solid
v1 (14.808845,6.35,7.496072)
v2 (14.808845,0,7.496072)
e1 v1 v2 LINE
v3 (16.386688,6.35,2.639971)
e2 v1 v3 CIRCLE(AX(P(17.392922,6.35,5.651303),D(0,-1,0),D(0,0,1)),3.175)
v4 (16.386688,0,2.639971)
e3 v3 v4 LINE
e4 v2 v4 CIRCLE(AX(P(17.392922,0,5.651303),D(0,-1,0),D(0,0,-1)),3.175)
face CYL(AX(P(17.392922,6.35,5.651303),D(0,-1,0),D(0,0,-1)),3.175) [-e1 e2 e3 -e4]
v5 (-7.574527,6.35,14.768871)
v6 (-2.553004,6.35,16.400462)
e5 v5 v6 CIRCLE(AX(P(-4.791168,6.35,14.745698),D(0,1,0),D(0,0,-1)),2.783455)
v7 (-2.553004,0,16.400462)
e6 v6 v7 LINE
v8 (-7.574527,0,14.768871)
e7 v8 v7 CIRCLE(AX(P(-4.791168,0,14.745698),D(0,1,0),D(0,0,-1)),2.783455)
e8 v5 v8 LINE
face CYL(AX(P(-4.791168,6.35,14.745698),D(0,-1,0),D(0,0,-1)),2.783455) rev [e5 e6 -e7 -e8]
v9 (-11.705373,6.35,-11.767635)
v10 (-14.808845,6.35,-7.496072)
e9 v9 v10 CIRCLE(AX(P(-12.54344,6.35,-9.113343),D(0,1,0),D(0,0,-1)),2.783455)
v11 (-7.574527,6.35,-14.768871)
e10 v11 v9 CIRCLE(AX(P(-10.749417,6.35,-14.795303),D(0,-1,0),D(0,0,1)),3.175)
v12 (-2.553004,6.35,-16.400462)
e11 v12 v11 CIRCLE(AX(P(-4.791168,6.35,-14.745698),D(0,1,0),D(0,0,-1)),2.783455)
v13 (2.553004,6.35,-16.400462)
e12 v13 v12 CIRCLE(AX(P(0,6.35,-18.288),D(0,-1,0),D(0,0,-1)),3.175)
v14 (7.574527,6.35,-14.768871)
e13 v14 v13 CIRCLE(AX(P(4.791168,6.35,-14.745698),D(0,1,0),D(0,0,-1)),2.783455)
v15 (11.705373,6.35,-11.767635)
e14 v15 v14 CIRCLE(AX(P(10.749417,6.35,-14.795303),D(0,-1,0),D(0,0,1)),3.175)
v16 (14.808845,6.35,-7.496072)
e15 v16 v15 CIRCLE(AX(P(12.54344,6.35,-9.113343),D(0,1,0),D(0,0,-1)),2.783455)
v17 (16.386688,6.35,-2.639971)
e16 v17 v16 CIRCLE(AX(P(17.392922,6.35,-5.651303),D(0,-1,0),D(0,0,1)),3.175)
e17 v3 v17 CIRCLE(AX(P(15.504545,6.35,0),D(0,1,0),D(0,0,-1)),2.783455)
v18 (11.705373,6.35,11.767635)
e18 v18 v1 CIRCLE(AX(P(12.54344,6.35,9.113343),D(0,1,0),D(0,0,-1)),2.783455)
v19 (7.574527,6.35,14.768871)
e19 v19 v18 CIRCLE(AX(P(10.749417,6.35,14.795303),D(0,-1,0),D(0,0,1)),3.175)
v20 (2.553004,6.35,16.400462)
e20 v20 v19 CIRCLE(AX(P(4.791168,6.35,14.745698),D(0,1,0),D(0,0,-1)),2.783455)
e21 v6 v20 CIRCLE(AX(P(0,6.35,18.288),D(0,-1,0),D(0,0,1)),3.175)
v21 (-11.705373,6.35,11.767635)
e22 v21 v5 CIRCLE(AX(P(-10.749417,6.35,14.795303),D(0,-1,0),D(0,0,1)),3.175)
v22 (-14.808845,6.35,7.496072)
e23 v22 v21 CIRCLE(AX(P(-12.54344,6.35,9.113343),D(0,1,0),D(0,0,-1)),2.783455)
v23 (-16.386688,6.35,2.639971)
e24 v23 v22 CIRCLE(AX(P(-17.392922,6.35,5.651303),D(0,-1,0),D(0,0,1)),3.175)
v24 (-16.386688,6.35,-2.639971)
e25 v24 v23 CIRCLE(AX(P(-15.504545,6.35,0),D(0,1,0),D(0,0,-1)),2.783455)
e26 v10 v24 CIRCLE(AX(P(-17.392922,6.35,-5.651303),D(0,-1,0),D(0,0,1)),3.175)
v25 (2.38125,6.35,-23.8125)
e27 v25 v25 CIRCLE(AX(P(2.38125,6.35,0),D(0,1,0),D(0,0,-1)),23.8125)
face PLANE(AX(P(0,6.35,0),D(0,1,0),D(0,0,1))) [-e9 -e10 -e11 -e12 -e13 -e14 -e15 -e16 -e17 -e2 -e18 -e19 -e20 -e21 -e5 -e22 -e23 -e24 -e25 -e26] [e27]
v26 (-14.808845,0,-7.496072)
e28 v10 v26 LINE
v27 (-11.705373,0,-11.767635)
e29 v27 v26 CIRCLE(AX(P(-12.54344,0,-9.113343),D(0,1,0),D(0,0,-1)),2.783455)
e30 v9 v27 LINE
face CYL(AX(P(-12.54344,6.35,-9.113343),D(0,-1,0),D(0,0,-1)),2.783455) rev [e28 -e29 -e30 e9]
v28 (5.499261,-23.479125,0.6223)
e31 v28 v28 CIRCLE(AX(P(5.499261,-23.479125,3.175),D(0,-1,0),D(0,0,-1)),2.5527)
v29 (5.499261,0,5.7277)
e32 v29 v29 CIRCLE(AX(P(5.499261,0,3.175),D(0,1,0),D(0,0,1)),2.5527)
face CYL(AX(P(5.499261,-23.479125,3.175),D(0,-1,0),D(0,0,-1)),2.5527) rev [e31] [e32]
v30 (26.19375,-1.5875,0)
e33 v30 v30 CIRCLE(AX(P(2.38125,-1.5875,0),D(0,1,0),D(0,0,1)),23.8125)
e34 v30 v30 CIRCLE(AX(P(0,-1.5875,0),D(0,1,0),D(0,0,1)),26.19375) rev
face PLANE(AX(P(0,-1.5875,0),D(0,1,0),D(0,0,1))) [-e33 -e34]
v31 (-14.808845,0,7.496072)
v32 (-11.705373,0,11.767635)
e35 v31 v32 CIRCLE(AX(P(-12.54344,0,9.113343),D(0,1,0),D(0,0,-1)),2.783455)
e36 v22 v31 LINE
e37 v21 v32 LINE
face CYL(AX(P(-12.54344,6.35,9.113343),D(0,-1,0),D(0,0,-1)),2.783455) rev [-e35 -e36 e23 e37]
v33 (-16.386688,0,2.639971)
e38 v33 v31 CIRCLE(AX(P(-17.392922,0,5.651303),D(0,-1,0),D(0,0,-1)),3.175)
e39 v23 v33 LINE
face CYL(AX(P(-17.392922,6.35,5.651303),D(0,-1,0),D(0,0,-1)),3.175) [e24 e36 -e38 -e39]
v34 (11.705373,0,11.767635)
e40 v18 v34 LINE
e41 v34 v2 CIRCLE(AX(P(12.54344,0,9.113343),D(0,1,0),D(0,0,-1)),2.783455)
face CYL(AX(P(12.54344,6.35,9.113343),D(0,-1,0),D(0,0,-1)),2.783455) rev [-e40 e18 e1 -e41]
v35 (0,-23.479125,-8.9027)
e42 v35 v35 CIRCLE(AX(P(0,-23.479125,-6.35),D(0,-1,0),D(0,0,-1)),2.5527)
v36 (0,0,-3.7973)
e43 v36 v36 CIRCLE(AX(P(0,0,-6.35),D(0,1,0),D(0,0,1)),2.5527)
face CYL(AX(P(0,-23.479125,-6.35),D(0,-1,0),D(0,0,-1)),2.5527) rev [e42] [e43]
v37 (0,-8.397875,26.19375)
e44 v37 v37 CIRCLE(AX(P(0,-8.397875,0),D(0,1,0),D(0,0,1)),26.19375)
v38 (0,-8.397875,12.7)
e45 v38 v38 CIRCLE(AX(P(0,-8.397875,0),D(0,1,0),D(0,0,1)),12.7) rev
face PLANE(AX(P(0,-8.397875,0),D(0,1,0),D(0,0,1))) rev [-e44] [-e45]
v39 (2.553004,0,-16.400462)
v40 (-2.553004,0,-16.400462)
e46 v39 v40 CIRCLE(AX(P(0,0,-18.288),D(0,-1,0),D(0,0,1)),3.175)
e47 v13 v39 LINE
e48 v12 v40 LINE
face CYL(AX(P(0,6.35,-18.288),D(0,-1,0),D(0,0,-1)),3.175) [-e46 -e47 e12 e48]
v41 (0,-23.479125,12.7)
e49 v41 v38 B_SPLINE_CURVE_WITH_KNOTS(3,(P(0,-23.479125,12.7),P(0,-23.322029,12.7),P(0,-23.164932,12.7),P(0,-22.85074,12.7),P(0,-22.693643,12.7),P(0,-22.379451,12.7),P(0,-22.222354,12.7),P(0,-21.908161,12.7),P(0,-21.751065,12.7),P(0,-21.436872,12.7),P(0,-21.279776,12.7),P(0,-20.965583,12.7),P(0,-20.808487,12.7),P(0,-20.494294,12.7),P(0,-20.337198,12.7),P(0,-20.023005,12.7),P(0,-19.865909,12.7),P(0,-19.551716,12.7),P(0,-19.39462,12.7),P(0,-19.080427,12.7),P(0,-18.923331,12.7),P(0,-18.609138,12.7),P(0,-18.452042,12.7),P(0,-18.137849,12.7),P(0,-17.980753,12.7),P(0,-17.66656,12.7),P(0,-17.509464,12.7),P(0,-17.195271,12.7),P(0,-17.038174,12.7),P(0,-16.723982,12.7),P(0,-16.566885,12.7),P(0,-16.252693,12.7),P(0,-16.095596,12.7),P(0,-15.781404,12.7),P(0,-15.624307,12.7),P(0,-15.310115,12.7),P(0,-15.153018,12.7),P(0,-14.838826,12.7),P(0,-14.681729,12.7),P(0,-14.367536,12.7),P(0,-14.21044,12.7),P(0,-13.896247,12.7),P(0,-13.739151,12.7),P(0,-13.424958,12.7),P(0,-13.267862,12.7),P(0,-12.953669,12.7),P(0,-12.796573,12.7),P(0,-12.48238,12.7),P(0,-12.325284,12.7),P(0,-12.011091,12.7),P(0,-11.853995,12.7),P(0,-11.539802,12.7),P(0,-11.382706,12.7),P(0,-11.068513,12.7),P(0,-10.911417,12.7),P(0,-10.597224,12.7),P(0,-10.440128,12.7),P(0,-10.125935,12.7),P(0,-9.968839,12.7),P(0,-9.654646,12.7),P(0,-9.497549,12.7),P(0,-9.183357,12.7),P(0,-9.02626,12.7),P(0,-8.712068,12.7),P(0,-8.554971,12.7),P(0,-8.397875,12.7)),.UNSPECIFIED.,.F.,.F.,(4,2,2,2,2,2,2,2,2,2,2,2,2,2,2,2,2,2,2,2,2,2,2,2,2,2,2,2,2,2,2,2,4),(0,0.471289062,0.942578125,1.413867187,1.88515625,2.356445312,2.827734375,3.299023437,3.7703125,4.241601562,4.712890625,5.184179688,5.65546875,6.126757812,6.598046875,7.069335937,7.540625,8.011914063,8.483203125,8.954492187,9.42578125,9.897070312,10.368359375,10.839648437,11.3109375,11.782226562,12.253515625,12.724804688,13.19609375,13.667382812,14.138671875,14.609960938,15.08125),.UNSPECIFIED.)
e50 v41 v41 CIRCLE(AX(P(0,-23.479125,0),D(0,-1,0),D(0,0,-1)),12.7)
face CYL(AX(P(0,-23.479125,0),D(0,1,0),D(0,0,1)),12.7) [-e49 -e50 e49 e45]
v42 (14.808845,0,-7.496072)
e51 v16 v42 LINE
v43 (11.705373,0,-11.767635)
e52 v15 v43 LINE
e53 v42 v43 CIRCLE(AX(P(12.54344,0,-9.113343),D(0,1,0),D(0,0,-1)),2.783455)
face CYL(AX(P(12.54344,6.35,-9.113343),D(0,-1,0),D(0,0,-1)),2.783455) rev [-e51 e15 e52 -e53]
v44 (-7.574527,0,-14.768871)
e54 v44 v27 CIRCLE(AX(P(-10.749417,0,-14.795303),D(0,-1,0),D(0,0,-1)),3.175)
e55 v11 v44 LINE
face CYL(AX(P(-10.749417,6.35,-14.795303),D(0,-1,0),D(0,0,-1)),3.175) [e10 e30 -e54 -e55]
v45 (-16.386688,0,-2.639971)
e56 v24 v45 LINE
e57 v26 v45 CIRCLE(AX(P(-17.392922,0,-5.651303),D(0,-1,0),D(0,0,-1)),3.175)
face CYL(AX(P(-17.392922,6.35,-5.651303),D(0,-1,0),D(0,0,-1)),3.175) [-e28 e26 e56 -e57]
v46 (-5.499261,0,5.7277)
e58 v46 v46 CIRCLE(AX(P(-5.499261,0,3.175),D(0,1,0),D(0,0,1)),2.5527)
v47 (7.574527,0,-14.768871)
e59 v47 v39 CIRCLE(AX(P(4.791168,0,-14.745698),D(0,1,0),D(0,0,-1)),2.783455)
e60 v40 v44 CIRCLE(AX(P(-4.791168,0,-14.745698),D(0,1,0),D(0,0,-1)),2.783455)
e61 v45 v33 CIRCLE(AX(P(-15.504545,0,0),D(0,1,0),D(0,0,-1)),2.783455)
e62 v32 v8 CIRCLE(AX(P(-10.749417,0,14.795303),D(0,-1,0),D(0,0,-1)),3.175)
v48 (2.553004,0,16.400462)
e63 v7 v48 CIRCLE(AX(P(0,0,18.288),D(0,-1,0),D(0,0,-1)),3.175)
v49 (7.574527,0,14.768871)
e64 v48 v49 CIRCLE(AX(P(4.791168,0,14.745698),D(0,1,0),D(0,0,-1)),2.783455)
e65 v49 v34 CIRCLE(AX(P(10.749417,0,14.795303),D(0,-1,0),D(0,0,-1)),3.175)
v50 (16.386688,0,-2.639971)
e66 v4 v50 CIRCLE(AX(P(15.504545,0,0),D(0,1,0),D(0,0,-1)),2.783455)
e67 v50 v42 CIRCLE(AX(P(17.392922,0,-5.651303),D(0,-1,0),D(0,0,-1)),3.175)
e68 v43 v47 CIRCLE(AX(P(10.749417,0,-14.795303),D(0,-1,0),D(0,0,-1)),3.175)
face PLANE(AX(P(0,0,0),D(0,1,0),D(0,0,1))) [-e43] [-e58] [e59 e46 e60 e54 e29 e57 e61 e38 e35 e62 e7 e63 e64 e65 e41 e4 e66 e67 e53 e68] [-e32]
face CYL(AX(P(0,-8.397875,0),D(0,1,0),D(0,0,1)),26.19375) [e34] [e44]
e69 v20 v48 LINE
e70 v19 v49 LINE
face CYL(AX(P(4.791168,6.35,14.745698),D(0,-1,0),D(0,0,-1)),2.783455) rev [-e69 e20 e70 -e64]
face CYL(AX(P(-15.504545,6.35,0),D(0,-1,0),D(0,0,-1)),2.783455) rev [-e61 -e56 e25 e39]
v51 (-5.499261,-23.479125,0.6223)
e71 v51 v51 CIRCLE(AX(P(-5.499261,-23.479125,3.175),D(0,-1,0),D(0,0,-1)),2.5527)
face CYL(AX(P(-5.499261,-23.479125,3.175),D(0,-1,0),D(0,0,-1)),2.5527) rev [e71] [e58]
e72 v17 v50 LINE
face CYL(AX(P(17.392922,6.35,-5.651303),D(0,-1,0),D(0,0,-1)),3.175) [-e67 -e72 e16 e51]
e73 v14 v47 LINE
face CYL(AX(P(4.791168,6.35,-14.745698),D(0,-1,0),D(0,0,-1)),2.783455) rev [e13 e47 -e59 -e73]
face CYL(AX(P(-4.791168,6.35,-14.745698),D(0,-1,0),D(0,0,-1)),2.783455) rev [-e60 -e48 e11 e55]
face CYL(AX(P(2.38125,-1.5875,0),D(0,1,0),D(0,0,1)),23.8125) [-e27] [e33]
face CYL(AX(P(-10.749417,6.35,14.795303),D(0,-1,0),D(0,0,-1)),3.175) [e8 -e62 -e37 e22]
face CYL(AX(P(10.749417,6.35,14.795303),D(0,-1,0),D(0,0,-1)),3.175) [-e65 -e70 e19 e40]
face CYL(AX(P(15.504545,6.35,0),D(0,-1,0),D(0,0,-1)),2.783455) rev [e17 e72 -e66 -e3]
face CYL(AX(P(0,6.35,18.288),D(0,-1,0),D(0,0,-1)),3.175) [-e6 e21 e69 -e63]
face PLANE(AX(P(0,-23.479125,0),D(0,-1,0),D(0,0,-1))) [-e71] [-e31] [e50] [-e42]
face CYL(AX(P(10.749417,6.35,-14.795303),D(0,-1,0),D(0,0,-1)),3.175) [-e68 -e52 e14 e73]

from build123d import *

# Parameters (mm, degrees)
SKETCH1_R               = 26.19375
BOSS_EXTRUDE1_DEPTH     = 8.397875
SKETCH2_R               = 12.7
BOSS_EXTRUDE2_DEPTH     = 15.08125
BOSS_EXTRUDE3_START     = 6.35
SKETCH3_R               = 26.19375
BOSS_EXTRUDE3_DEPTH     = 6.35
F_1_4_20_TAPPED_HOLE1_D = 5.1054
SKETCH6_W               = 66.50359939
SKETCH6_H               = 67.616646228
CUT_EXTRUDE2_DEPTH      = 7.9375


with BuildPart() as part:
    # Sketch1 → Boss-Extrude1 (new body)
    with BuildSketch(Plane(origin=(0, 0, 0), x_dir=(1, 0, 0), z_dir=(0, 1, 0))):
        with Locations(Location((0, 0, 0), (0, 0, 270))):
            Circle(SKETCH1_R)
    extrude(amount=-BOSS_EXTRUDE1_DEPTH)

    # Sketch2 → Boss-Extrude2 (add)
    with BuildSketch(Plane.XZ.offset(8.397875)):
        with Locations(Location((0, 0, 0), (0, 0, 90))):
            Circle(SKETCH2_R)
    extrude(amount=BOSS_EXTRUDE2_DEPTH)

    # Sketch3 → Boss-Extrude3 (add)
    with BuildSketch(Plane(origin=(0, 0, 0), x_dir=(1, 0, 0), z_dir=(0, 1, 0)).offset(BOSS_EXTRUDE3_START)):
        with Locations(Location((0, 0, 0), (0, 0, 270))):
            Circle(SKETCH3_R)
        with BuildLine():
            ThreePointArc((2.553003524, 16.40046245), (5.651302793, 17.39292157), (7.574526721, 14.768870658))
            ThreePointArc((7.574526721, 14.768870658), (7.926495509, 13.34211974), (8.883198518, 12.226673836))
            ThreePointArc((8.883198518, 12.226673836), (10.239688102, 11.661486946), (11.705373197, 11.767635017))
            ThreePointArc((11.705373197, 11.767635017), (14.795302793, 10.749416694), (14.808845207, 7.496072251))
            ThreePointArc((14.808845207, 7.496072251), (14.25497079, 6.134924448), (14.373317131, 4.670173836))
            ThreePointArc((14.373317131, 4.670173836), (15.138531738, 3.415603465), (16.386688159, 2.639970974))
            ThreePointArc((16.386688159, 2.639970974), (18.288, 0), (16.386688159, -2.639970974))
            ThreePointArc((16.386688159, -2.639970974), (15.138531738, -3.415603465), (14.373317131, -4.670173836))
            ThreePointArc((14.373317131, -4.670173836), (14.25497079, -6.134924448), (14.808845207, -7.496072251))
            ThreePointArc((14.808845207, -7.496072251), (14.795302793, -10.749416694), (11.705373197, -11.767635017))
            ThreePointArc((11.705373197, -11.767635017), (10.239688102, -11.661486946), (8.883198518, -12.226673836))
            ThreePointArc((8.883198518, -12.226673836), (7.926495509, -13.34211974), (7.574526721, -14.768870658))
            ThreePointArc((7.574526721, -14.768870658), (5.651302793, -17.39292157), (2.553003524, -16.40046245))
            ThreePointArc((2.553003524, -16.40046245), (1.429631644, -15.453078773), (0, -15.113))
            ThreePointArc((0, -15.113), (-1.429631644, -15.453078773), (-2.553003524, -16.40046245))
            ThreePointArc((-2.553003524, -16.40046245), (-5.651302793, -17.39292157), (-7.574526721, -14.768870658))
            ThreePointArc((-7.574526721, -14.768870658), (-7.926495509, -13.34211974), (-8.883198518, -12.226673836))
            ThreePointArc((-8.883198518, -12.226673836), (-10.239688102, -11.661486946), (-11.705373197, -11.767635017))
            ThreePointArc((-11.705373197, -11.767635017), (-14.795302793, -10.749416694), (-14.808845207, -7.496072251))
            ThreePointArc((-14.808845207, -7.496072251), (-14.25497079, -6.134924448), (-14.373317131, -4.670173836))
            ThreePointArc((-14.373317131, -4.670173836), (-15.138531738, -3.415603465), (-16.386688159, -2.639970974))
            ThreePointArc((-16.386688159, -2.639970974), (-18.288, 0), (-16.386688159, 2.639970974))
            ThreePointArc((-16.386688159, 2.639970974), (-15.138531738, 3.415603465), (-14.373317131, 4.670173836))
            ThreePointArc((-14.373317131, 4.670173836), (-14.25497079, 6.134924448), (-14.808845207, 7.496072251))
            ThreePointArc((-14.808845207, 7.496072251), (-14.795302793, 10.749416694), (-11.705373197, 11.767635017))
            ThreePointArc((-11.705373197, 11.767635017), (-10.239688102, 11.661486946), (-8.883198518, 12.226673836))
            ThreePointArc((-8.883198518, 12.226673836), (-7.926495509, 13.34211974), (-7.574526721, 14.768870658))
            ThreePointArc((-7.574526721, 14.768870658), (-5.651302793, 17.39292157), (-2.553003524, 16.40046245))
            ThreePointArc((-2.553003524, 16.40046245), (-1.429631644, 15.453078773), (0, 15.113))
            ThreePointArc((0, 15.113), (1.429631644, 15.453078773), (2.553003524, 16.40046245))
        make_face(mode=Mode.SUBTRACT)
    extrude(amount=-BOSS_EXTRUDE3_DEPTH)

    # 1/4-20 Tapped Hole1 (through all)
    with Locations(Plane(origin=(0, -23.479125, 0), x_dir=(-1, 0, 0), z_dir=(0, -1, 0))):
        with Locations((0, 6.35), (5.499261314, -3.175), (-5.499261314, -3.175)):
            Hole(F_1_4_20_TAPPED_HOLE1_D / 2)

    # Sketch6 → Cut-Extrude2 (cut)
    with BuildSketch(Plane(origin=(0, 6.35, 0), x_dir=(1, 0, 0), z_dir=(0, 1, 0))):
        Rectangle(SKETCH6_W, SKETCH6_H)
        with BuildLine():
            ThreePointArc((26.19375, 0), (2.38125, -23.8125), (-21.43125, 0))
            ThreePointArc((-21.43125, 0), (2.38125, 23.8125), (26.19375, 0))
        make_face(mode=Mode.SUBTRACT)
    extrude(amount=-CUT_EXTRUDE2_DEPTH, mode=Mode.SUBTRACT)


solid = part.part
